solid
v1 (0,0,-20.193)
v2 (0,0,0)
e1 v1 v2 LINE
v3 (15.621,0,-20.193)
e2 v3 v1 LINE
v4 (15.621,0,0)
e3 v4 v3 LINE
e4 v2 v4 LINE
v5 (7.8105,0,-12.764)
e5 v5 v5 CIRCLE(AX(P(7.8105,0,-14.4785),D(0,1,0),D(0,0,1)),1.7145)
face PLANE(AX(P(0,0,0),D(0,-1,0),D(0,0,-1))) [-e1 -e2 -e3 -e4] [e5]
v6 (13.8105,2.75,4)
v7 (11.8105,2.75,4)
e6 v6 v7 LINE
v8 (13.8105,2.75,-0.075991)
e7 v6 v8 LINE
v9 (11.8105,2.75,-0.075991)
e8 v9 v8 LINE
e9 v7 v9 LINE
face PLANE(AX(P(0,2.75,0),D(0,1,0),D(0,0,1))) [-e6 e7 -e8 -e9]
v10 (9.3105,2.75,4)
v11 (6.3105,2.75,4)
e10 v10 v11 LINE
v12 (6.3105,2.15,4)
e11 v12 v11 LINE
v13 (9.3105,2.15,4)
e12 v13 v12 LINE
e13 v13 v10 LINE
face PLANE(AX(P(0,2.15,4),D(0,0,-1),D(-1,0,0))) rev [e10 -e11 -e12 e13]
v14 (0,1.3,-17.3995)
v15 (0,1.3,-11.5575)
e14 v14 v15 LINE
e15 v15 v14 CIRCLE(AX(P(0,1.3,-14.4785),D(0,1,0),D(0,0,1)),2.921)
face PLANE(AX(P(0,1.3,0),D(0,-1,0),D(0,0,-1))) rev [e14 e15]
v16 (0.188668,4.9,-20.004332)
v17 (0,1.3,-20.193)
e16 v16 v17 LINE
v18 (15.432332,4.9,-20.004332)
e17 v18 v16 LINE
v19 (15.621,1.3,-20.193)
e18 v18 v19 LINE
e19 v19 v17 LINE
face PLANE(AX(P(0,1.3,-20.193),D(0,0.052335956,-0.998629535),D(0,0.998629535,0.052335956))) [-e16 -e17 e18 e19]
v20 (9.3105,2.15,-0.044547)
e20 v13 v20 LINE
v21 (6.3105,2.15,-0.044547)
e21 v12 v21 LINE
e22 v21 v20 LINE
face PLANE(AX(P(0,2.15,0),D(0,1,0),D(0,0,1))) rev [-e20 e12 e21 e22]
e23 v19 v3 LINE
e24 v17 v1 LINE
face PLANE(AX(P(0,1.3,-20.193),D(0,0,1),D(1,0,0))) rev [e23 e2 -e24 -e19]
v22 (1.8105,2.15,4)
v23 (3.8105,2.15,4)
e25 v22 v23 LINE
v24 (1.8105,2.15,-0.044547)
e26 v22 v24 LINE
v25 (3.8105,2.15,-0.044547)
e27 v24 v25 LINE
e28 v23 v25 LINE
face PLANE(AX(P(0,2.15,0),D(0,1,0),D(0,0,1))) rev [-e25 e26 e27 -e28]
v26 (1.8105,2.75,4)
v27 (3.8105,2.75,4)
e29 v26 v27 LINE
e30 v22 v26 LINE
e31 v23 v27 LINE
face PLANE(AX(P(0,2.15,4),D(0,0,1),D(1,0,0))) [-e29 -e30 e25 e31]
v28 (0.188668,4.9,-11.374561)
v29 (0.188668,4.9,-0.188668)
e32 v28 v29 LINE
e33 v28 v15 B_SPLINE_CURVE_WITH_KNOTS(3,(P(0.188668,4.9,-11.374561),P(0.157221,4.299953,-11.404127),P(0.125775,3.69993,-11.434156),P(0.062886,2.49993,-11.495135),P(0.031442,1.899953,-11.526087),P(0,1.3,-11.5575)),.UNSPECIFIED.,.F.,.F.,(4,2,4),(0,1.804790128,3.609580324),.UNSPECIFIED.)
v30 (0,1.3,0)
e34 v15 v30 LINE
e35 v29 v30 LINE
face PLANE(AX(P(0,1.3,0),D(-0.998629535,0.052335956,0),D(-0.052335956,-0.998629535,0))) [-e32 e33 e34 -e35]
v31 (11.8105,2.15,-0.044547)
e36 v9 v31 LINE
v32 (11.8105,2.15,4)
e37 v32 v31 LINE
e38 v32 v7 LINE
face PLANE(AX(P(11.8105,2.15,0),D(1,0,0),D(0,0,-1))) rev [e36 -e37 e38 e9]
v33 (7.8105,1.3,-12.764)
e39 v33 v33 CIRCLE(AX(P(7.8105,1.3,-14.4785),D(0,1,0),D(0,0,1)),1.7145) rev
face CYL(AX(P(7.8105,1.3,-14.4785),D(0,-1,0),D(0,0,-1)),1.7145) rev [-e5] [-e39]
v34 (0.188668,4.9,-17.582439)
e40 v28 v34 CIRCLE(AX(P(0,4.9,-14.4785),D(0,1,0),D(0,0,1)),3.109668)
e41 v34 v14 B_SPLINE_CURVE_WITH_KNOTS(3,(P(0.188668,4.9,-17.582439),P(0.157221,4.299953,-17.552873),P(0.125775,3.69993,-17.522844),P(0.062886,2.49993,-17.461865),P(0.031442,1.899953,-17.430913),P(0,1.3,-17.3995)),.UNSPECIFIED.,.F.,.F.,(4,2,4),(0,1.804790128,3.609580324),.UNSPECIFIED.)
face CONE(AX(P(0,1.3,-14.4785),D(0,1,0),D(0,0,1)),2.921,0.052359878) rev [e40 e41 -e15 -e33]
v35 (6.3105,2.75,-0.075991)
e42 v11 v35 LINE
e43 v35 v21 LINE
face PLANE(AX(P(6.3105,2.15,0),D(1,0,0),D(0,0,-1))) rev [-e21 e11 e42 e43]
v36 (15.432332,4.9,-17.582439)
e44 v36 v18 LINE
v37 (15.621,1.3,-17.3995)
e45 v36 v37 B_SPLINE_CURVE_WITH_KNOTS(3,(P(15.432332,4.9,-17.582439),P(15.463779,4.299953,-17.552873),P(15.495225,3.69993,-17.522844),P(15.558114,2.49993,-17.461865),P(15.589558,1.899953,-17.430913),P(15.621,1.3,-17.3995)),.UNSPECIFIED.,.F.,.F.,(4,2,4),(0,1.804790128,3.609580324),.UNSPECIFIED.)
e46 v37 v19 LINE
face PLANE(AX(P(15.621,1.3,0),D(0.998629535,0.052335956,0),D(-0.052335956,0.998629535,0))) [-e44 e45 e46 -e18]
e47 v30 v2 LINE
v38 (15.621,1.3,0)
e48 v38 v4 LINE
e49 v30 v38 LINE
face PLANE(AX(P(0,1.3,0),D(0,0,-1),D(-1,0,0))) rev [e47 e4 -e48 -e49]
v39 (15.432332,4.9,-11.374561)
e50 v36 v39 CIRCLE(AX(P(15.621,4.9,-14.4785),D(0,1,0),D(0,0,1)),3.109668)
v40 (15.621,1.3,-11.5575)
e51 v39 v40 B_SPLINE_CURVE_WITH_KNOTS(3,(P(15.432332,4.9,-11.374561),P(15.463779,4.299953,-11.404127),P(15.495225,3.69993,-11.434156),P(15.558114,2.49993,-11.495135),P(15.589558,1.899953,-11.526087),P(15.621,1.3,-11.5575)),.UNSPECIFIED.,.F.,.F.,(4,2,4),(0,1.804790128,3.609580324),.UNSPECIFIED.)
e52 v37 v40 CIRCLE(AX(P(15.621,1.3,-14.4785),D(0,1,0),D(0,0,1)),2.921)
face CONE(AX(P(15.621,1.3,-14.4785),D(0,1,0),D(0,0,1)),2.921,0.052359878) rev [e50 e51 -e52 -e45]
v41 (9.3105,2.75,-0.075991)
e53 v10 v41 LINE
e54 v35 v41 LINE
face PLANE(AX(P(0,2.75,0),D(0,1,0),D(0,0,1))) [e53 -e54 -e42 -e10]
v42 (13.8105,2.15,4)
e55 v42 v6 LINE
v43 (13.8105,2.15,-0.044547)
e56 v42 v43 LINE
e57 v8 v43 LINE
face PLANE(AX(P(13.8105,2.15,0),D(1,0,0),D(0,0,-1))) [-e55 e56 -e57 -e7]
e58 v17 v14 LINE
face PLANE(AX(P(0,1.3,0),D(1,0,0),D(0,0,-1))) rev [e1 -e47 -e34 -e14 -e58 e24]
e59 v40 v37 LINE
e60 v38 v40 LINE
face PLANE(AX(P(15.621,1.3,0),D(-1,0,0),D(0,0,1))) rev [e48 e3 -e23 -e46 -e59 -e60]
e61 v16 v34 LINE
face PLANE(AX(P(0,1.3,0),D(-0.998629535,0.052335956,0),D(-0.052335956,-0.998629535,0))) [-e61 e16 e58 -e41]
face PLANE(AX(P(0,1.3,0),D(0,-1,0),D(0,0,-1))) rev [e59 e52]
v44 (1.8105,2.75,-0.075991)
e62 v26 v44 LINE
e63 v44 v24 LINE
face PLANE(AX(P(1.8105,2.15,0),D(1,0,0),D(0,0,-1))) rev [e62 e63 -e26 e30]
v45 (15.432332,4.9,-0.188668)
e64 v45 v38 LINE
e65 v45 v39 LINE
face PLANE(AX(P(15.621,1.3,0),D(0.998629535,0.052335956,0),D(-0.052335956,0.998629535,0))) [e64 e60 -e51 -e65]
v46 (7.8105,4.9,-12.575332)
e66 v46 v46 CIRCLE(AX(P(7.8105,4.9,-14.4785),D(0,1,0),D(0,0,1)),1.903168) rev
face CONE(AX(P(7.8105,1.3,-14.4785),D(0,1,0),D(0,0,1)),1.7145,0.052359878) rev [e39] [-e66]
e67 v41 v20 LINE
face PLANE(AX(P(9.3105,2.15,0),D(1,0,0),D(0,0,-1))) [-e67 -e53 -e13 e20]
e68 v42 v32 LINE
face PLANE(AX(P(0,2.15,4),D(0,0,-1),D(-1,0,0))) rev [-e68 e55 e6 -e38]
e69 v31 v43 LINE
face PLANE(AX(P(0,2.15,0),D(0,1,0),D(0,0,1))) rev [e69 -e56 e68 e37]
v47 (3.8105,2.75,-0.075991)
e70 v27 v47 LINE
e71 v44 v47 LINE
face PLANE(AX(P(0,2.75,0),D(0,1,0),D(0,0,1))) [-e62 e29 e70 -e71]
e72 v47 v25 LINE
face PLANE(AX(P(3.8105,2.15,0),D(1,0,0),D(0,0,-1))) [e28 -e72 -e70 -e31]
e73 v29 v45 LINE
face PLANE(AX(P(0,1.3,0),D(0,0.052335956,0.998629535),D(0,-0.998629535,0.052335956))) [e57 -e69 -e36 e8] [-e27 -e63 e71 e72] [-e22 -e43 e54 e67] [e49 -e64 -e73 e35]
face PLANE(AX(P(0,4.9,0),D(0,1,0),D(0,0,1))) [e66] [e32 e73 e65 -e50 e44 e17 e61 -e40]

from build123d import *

# Parameters (mm, degrees)
SKETCH1_W                = 15.621
SKETCH1_H                = 20.193
SKETCH1_R                = 1.7145
BOSS_EXTRUDE1_DEPTH      = 1.3
SKETCH2_R                = 1.7145
BOSS_EXTRUDE2_DEPTH      = 3.6
BOSS_EXTRUDE2_DRAFT      = 3
SKETCH3_W                = 2
SKETCH3_H                = 2.155291512
SKETCH3_H_2              = 4
SKETCH3_W_2              = 1.5
SKETCH3_H_3              = 2.998822354
BOSS_EXTRUDE3_DEPTH      = 0.3
BOSS_EXTRUDE3_DEPTH_BACK = 0.3


with BuildPart() as part:
    # Sketch1 → Boss-Extrude1 (new body)
    with BuildSketch(Plane(origin=(0, 0, 0), x_dir=(1, 0, 0), z_dir=(0, 1, 0))):
        with Locations((7.8105, 10.0965)):
            Rectangle(SKETCH1_W, SKETCH1_H)
        with Locations((7.8105, 14.4785)):
            Circle(SKETCH1_R, mode=Mode.SUBTRACT)
    extrude(amount=BOSS_EXTRUDE1_DEPTH)


with BuildPart() as boss_extrude2_tool:
    # Sketch2 → Boss-Extrude2 (with draft: the straight prism first)
    with BuildSketch(Plane(origin=(0, 1.3, 0), x_dir=(1, 0, 0), z_dir=(0, 1, 0))):
        with BuildLine():
            Line((15.621, 20.193), (0, 20.193))
            Line((0, 20.193), (0, 17.3995))
            ThreePointArc((0, 17.3995), (2.065458908, 16.543958908), (2.921, 14.4785))
            ThreePointArc((2.921, 14.4785), (2.065458908, 12.413041092), (0, 11.5575))
            Line((0, 11.5575), (0, 0))
            Line((0, 0), (15.621, 0))
            Line((15.621, 0), (15.621, 11.5575))
            ThreePointArc((15.621, 11.5575), (12.7, 14.4785), (15.621, 17.3995))
            Line((15.621, 17.3995), (15.621, 20.193))
        make_face()
        with Locations((7.8105, 14.4785)):
            Circle(SKETCH2_R, mode=Mode.SUBTRACT)
    extrude(amount=BOSS_EXTRUDE2_DEPTH)
    # Boss-Extrude2: the draft: its side faces are tilted about the plane it starts from
    boss_extrude2_sides = [boss_extrude2_tool.faces().sort_by_distance(p)[0] for p in [
        (15.621, 3.1, -18.79625),
        (6.096, 3.1, -14.4785),
        (15.621, 3.1, -5.77875),
        (7.8105, 3.1, 0),
        (0, 3.1, -5.77875),
        (2.921, 3.1, -14.4785),
        (0, 3.1, -18.79625),
        (7.8105, 3.1, -20.193),
        (12.7, 3.1, -14.4785),
    ]]
    draft(boss_extrude2_sides, Plane(origin=(0, 1.3, 0), x_dir=(1, 0, 0), z_dir=(0, 1, 0)), BOSS_EXTRUDE2_DRAFT)


with BuildPart() as part_1:
    add(part.part)

    # Boss-Extrude2: add boss_extrude2_tool
    add(boss_extrude2_tool.part)

    # Sketch3 → Boss-Extrude3 (add, two sides)
    with BuildSketch(Plane(origin=(0, 2.45, 0), x_dir=(1, 0, 0), z_dir=(0, 1, 0))) as boss_extrude3_sk:
        with Locations((2.8105, 1.077645756)):
            Rectangle(SKETCH3_W, SKETCH3_H)
        with Locations((2.8105, -2)):
            Rectangle(SKETCH3_W, SKETCH3_H_2)
        with Locations((12.8105, 1.077645756)):
            Rectangle(SKETCH3_W, SKETCH3_H)
        with Locations((12.8105, -2)):
            Rectangle(SKETCH3_W, SKETCH3_H_2)
        with Locations((7.0605, 1.499411177)):
            Rectangle(SKETCH3_W_2, SKETCH3_H_3)
        Polygon((7.8105, 0), (6.3105, 0), (6.3105, -4), (9.3105, -4), (9.3105, 0), align=None)
        with Locations((8.5605, 1.499411177)):
            Rectangle(SKETCH3_W_2, SKETCH3_H_3)
    extrude(amount=BOSS_EXTRUDE3_DEPTH)
    extrude(boss_extrude3_sk.sketch, amount=-BOSS_EXTRUDE3_DEPTH_BACK)


solid = part_1.part
